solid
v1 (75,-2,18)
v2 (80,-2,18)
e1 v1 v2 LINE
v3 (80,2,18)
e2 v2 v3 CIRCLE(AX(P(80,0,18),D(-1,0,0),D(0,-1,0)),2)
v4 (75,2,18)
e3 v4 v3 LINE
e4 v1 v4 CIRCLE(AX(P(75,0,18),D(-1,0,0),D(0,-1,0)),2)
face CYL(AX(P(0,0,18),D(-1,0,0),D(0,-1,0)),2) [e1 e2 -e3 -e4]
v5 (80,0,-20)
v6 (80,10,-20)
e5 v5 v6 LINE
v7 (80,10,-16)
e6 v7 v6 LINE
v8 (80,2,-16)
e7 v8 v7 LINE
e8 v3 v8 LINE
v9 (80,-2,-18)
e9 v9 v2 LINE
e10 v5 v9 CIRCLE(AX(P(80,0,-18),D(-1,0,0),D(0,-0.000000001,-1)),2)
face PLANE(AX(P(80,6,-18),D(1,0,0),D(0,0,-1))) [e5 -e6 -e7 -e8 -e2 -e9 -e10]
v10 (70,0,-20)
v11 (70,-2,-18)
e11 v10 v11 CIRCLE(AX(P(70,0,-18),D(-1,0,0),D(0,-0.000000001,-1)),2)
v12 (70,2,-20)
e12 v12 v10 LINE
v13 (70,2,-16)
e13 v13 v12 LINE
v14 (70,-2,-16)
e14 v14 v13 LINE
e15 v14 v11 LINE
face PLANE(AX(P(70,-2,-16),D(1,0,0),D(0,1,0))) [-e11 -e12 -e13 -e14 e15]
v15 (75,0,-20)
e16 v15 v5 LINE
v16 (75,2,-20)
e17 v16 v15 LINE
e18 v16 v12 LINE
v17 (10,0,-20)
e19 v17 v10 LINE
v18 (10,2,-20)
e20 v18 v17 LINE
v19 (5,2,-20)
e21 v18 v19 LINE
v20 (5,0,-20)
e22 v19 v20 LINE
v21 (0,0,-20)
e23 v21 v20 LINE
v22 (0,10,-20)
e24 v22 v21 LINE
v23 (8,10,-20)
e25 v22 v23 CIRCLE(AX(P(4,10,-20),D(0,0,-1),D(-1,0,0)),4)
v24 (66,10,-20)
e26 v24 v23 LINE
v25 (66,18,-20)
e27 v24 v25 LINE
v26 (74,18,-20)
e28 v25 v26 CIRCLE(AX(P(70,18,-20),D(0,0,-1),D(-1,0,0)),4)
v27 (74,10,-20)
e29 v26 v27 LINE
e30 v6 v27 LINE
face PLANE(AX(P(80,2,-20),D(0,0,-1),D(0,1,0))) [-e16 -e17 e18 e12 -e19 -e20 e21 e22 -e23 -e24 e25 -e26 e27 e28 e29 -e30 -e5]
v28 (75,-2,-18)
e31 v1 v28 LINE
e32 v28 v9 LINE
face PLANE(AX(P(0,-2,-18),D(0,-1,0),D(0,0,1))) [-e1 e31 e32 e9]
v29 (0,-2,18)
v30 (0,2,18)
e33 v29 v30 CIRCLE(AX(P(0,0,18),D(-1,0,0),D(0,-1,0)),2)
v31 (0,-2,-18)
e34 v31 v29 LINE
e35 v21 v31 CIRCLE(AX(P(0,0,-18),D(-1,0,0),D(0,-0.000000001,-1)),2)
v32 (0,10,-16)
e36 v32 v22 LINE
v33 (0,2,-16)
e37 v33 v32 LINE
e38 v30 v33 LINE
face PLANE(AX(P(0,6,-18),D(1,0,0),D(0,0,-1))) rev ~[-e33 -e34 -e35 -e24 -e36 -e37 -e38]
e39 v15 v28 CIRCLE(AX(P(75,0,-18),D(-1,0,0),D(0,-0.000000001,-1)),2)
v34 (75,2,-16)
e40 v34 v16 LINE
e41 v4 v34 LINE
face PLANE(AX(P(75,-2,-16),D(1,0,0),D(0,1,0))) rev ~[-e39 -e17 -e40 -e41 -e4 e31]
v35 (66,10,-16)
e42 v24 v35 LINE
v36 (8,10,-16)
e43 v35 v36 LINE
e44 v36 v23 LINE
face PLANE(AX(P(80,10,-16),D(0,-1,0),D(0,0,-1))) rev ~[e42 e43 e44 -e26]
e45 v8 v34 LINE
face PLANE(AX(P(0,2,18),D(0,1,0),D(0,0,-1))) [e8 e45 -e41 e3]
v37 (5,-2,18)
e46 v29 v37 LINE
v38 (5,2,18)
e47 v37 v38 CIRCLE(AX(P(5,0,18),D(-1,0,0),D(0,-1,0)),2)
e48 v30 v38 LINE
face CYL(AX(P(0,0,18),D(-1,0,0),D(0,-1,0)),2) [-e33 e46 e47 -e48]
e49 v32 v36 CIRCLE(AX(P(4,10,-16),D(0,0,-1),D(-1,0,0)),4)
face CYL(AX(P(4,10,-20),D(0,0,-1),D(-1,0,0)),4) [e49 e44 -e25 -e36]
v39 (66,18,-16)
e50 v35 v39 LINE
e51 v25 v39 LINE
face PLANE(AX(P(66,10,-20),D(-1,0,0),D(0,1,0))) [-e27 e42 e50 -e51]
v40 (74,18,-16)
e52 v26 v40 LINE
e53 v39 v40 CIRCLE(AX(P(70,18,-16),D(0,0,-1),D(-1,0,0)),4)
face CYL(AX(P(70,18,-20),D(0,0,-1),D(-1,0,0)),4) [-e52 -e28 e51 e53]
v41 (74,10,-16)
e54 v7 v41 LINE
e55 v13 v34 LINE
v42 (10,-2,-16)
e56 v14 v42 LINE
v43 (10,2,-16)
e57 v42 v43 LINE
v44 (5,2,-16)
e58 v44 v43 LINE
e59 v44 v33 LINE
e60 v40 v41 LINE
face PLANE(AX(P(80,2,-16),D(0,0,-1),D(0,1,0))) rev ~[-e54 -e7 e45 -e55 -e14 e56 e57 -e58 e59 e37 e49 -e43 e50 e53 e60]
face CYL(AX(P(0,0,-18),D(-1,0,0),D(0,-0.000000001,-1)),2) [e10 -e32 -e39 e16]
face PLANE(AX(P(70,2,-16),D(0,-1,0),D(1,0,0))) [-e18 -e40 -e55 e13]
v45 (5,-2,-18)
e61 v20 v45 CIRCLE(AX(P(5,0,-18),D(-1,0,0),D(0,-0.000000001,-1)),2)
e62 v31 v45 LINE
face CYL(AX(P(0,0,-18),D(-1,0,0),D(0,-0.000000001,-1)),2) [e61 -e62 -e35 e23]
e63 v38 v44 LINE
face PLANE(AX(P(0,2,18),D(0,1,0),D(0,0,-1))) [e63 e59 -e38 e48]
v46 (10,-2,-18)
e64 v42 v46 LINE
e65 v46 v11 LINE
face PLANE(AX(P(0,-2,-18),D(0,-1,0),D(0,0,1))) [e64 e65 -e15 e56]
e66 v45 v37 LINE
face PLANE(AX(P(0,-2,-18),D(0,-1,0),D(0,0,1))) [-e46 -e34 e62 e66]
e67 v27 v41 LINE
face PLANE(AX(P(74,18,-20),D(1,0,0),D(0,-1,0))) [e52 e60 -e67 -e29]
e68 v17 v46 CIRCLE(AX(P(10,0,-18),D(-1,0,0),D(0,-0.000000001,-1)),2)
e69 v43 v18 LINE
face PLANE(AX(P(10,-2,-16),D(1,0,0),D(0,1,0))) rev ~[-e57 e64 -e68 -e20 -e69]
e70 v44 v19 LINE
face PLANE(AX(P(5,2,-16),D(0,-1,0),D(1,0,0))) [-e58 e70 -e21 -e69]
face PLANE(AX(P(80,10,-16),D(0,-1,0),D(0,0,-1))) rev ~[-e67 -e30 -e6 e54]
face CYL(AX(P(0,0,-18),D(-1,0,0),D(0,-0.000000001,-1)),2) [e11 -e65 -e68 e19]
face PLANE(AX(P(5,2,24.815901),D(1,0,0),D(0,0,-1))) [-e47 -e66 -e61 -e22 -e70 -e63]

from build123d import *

# Parameters (mm, degrees)
EXTRUDE_1_DEPTH     = 80
SKETCH_10_W         = 4
SKETCH_10_H         = 8
EXTRUDE_8_DEPTH     = 80
SKETCH_11_R         = 4
EXTRUDE_9_DEPTH     = 4
SKETCH_12_W         = 70
SKETCH_12_H         = 40.815900945
CUT_EXTRUDE_1_DEPTH = 10
SKETCH_13_W         = 5
SKETCH_13_H         = 4
CUT_EXTRUDE_2_DEPTH = 10


with BuildPart() as part:
    # 草图1 → 凸台-拉伸1 (new body)
    with BuildSketch(Plane(origin=(0, 0, 0), x_dir=(0, 0, -1), z_dir=(1, 0, 0))):
        with BuildLine():
            Line((-18, 2), (18, 2))
            Line((18, 2), (20, 2))
            Line((20, 2), (20, 0))
            ThreePointArc((20, 0), (19.414213562, -1.414213562), (18, -2))
            Line((18, -2), (-18, -2))
            ThreePointArc((-18, -2), (-20, 0), (-18, 2))
        make_face()
    extrude(amount=EXTRUDE_1_DEPTH)

    # 草图10 → 凸台-拉伸8 (add)
    with BuildSketch(Plane(origin=(80, 0, 0), x_dir=(0, 0, -1), z_dir=(1, 0, 0))):
        with Locations((18, 6)):
            Rectangle(SKETCH_10_W, SKETCH_10_H)
    extrude(amount=-EXTRUDE_8_DEPTH)

    # 草图11 → 凸台-拉伸9 (add)
    with BuildSketch(Plane(origin=(0, 0, -20), x_dir=(-1, 0, 0), z_dir=(0, 0, -1))):
        with Locations((-4, 10)):
            Circle(SKETCH_11_R)
        with BuildLine():
            Line((-74, 10), (-66, 10))
            Line((-66, 10), (-66, 18))
            ThreePointArc((-66, 18), (-70, 22), (-74, 18))
            Line((-74, 18), (-74, 10))
        make_face()
    extrude(amount=-EXTRUDE_9_DEPTH)

    # 草图12 → 切除-拉伸1 (cut)
    with BuildSketch(Plane(origin=(0, 2, 0), x_dir=(1, 0, 0), z_dir=(0, 1, 0))):
        with Locations((40, -4.407950473)):
            Rectangle(SKETCH_12_W, SKETCH_12_H)
    extrude(amount=-CUT_EXTRUDE_1_DEPTH, mode=Mode.SUBTRACT)

    # 草图13 → 切除-拉伸2 (cut)
    with BuildSketch(Plane.XY.offset(-16)):
        with Locations((7.5, 0)):
            Rectangle(SKETCH_13_W, SKETCH_13_H)
        with Locations((72.5, 0)):
            Rectangle(SKETCH_13_W, SKETCH_13_H)
    extrude(amount=-CUT_EXTRUDE_2_DEPTH, mode=Mode.SUBTRACT)


solid = part.part
